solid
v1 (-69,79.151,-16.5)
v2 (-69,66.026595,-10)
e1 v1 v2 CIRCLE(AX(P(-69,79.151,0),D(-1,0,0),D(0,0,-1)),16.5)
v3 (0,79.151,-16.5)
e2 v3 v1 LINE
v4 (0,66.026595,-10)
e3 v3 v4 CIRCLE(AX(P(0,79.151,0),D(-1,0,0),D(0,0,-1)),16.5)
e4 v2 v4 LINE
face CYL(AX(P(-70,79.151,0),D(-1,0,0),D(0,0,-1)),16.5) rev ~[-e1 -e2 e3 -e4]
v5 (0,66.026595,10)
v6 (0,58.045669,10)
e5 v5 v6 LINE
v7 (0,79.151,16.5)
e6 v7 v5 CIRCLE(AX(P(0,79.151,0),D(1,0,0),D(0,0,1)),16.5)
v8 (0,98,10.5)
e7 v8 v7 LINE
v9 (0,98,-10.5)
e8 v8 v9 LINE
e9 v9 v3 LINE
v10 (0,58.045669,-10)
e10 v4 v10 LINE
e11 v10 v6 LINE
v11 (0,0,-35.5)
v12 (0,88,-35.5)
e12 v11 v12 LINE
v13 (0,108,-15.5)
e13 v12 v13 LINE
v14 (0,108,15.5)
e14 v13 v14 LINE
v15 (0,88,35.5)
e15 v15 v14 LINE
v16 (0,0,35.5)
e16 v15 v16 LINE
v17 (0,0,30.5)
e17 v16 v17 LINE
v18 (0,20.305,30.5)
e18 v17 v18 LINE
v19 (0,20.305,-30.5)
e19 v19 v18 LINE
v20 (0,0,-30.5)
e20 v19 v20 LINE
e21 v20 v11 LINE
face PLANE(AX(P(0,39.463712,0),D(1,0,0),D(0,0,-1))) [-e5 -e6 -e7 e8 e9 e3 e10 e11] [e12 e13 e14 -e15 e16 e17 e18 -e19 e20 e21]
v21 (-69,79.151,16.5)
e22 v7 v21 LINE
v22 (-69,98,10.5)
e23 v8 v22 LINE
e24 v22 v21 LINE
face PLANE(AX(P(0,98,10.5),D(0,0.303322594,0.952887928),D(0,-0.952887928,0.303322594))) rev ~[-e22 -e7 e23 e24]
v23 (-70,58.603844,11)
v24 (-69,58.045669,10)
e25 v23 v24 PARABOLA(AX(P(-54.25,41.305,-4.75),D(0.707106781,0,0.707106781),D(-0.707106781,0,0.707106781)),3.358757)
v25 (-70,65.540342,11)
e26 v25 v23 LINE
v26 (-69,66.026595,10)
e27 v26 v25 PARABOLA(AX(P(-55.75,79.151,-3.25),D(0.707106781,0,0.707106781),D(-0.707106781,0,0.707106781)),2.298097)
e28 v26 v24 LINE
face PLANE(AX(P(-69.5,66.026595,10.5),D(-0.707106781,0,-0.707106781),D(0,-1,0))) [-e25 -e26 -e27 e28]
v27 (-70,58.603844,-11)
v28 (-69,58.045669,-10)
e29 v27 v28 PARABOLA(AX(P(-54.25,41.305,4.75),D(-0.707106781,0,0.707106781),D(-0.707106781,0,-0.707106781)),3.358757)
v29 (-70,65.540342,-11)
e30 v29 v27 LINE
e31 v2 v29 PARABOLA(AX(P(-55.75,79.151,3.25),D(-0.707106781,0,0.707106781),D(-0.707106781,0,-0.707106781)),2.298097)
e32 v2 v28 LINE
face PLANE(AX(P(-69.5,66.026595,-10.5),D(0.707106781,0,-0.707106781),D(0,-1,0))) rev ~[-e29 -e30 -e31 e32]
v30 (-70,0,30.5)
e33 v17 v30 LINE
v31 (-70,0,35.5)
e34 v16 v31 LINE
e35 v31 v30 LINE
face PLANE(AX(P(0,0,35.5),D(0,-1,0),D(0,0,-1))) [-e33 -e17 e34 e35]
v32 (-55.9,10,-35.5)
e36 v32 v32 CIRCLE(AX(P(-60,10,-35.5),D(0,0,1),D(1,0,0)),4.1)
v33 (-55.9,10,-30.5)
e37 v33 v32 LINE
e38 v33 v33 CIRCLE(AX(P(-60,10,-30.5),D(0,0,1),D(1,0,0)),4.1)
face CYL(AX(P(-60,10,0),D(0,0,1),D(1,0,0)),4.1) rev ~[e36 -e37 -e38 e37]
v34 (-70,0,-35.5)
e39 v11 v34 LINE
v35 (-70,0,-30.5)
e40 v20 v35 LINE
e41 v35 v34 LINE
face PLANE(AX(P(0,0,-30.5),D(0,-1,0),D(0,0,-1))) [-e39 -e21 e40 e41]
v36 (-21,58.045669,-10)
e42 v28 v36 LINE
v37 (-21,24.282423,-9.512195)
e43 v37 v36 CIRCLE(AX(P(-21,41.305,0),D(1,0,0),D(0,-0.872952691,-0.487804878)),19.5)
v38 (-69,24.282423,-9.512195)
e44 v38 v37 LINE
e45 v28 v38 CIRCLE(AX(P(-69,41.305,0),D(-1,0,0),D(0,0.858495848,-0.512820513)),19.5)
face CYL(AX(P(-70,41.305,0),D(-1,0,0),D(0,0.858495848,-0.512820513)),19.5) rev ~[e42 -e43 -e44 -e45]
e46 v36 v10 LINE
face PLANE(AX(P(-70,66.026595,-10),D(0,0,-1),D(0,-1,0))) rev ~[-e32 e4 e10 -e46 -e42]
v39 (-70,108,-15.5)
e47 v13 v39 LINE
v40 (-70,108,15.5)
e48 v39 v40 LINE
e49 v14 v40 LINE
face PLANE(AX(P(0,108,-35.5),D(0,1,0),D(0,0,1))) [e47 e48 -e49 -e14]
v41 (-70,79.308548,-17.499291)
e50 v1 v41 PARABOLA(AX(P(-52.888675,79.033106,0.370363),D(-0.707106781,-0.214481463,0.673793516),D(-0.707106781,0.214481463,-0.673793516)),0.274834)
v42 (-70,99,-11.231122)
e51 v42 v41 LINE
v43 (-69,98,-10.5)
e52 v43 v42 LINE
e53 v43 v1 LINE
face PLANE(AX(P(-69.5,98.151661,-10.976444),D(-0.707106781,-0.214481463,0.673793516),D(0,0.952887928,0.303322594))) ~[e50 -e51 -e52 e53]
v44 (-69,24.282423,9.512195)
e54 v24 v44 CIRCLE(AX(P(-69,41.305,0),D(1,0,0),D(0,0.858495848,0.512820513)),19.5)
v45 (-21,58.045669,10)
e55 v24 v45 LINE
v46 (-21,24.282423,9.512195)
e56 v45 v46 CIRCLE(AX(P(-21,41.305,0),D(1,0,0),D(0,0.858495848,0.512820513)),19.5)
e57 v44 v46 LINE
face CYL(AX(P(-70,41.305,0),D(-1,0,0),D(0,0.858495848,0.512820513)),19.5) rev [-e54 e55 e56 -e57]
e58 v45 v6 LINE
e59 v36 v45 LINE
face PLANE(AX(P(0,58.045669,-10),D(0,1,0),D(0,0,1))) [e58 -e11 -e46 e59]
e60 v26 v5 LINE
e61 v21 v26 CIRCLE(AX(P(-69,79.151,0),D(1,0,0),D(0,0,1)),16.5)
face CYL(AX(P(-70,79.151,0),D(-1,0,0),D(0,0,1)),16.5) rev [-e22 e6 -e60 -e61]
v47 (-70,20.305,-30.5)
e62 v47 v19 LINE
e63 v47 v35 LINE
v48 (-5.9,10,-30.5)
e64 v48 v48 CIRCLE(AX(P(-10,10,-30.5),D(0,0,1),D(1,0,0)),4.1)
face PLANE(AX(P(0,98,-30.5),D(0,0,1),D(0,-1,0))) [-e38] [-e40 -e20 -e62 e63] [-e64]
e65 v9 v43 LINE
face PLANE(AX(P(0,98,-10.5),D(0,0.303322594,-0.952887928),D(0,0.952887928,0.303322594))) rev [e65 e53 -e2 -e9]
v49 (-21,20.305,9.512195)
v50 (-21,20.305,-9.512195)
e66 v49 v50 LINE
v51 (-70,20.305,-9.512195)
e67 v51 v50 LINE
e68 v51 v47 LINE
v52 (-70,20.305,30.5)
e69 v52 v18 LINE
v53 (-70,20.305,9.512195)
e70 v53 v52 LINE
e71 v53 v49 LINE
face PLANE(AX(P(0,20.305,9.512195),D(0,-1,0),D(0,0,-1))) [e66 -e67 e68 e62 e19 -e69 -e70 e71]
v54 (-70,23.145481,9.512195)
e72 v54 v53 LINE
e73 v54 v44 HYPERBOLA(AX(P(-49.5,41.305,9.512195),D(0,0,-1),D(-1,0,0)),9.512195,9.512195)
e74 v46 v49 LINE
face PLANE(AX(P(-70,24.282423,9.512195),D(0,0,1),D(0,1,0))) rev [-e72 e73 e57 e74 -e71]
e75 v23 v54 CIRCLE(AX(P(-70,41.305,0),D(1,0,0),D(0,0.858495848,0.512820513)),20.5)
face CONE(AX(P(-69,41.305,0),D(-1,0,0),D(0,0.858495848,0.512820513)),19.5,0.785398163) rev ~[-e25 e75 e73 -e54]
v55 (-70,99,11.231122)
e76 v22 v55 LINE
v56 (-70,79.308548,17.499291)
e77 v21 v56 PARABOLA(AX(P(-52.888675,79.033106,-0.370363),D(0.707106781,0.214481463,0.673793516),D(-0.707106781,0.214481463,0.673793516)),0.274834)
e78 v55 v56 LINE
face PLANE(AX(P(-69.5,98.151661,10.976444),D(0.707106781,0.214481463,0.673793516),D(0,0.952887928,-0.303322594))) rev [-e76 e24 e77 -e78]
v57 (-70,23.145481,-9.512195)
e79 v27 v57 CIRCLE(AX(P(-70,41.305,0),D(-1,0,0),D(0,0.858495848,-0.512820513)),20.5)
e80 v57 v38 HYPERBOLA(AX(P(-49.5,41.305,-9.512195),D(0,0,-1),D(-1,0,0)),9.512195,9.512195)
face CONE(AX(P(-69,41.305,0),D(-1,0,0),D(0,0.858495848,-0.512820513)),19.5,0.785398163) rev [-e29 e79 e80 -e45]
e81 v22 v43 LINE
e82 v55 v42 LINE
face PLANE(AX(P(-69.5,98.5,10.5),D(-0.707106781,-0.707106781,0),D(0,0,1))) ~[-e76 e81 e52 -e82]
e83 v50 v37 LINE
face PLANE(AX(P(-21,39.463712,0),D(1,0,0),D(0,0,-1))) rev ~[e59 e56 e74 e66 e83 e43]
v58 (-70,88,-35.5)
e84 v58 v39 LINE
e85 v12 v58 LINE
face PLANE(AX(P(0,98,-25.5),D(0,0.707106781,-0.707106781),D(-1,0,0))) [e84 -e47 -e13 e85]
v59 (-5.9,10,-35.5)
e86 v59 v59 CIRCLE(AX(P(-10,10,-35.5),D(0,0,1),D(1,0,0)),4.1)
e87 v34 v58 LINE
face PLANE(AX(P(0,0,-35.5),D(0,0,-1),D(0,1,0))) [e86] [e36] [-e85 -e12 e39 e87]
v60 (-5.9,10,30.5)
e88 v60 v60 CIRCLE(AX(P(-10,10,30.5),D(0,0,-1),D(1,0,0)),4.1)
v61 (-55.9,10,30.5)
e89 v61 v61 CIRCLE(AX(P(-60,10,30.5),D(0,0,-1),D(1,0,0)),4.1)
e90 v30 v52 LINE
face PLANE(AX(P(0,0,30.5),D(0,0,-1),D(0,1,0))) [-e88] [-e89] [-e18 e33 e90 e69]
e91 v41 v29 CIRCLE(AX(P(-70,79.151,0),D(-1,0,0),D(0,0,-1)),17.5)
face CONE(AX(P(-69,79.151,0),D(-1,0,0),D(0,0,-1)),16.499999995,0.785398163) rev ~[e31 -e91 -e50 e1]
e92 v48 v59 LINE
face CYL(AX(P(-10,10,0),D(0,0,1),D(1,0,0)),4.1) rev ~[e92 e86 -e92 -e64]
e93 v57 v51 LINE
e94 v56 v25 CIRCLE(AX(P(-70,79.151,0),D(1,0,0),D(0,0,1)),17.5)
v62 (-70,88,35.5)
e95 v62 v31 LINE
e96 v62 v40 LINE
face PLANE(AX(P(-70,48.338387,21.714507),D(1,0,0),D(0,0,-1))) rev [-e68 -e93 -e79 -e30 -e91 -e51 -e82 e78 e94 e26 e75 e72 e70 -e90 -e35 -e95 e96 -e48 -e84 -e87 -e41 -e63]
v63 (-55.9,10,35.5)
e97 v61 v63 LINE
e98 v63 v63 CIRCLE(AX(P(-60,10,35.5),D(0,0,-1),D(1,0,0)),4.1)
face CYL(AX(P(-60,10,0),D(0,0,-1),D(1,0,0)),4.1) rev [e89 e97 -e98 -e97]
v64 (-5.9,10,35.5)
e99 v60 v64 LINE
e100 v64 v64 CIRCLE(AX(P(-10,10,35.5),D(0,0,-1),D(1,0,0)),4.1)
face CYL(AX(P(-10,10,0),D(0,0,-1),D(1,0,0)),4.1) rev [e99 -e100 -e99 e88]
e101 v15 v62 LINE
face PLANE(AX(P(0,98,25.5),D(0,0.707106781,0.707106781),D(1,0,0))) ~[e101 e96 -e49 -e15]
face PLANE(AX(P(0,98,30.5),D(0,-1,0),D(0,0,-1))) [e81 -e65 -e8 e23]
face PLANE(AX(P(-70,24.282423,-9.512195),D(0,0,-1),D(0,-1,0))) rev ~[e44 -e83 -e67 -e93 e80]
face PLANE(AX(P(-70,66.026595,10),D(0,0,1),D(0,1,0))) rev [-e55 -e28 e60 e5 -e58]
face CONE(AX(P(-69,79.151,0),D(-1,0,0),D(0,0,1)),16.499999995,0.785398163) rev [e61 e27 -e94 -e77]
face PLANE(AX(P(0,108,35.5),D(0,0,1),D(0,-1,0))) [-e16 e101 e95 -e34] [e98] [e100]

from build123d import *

# Parameters (mm, degrees)
BOSS_EXTRUDE1_DEPTH     = 70
SKETCH3_R               = 4.1
CUT_EXTRUDE2_DEPTH      = 36.5
CUT_EXTRUDE2_DEPTH_BACK = 36.5
BOSS_EXTRUDE2_DEPTH     = 70
BOSS_EXTRUDE5_DEPTH     = 70
BOSS_EXTRUDE6_DEPTH     = 21
CHAMFER1_SIZE           = 20
CHAMFER4_SIZE           = 1


with BuildPart() as part:
    # Sketch1 → Boss-Extrude1 (new body)
    with BuildSketch(Plane(origin=(0, 0, 0), x_dir=(0, 0, -1), z_dir=(1, 0, 0))):
        Polygon((-30.5, 0), (-30.5, 20), (-30.5, 98), (30.5, 98), (30.5, 0), (35.5, 0), (35.5, 108), (-35.5, 108), (-35.5, 0), align=None)
    extrude(amount=-BOSS_EXTRUDE1_DEPTH)

    # Sketch3 → Cut-Extrude2 (cut, two sides)
    with BuildSketch(Plane.XY) as cut_extrude2_sk:
        with Locations((-60, 10)):
            Circle(SKETCH3_R)
        with Locations((-10, 10)):
            Circle(SKETCH3_R)
    extrude(amount=CUT_EXTRUDE2_DEPTH, mode=Mode.SUBTRACT)
    extrude(cut_extrude2_sk.sketch, amount=-CUT_EXTRUDE2_DEPTH_BACK, mode=Mode.SUBTRACT)

    # Sketch4 → Boss-Extrude2 (add)
    with BuildSketch(Plane(origin=(0, 0, 0), x_dir=(0, 0, -1), z_dir=(1, 0, 0))):
        Polygon((-30.5, 98), (-10.5, 98), (-16.5, 79.151), (-30.5, 79.151), align=None)
    boss_extrude2 = extrude(amount=-BOSS_EXTRUDE2_DEPTH)

    # Mirror2: Boss-Extrude2 across plane
    add(boss_extrude2.mirror(Plane.XY))

    # Sketch5 → Boss-Extrude5 (add)
    with BuildSketch(Plane.ZY.offset(70)):
        with BuildLine():
            Line((-30.5, 62.151), (-30.5, 79.151))
            Line((-30.5, 79.151), (-16.5, 79.151))
            ThreePointArc((-16.5, 79.151), (-14.785973083, 71.828090742), (-10, 66.026595252))
            Line((-10, 66.026595252), (-10, 62.151))
            Line((-10, 62.151), (-10, 58.045669043))
            ThreePointArc((-10, 58.045669043), (-19.497965112, 41.023297158), (-9.512195122, 24.282422523))
            Line((-9.512195122, 24.282422523), (-9.512195122, 20.305))
            Line((-9.512195122, 20.305), (-30.5, 20.305))
            Line((-30.5, 20.305), (-30.5, 41.305))
            Line((-30.5, 41.305), (-30.5, 62.151))
        make_face()
    boss_extrude5 = extrude(amount=-BOSS_EXTRUDE5_DEPTH)

    # Mirror3: Boss-Extrude5 across plane
    add(boss_extrude5.mirror(Plane.XY))

    # Sketch6 → Boss-Extrude6 (add)
    with BuildSketch(Plane(origin=(0, 0, 0), x_dir=(0, 0, -1), z_dir=(1, 0, 0))):
        with BuildLine():
            Line((-9.512195122, 20.305), (9.512195122, 20.305))
            Line((9.512195122, 20.305), (9.512195122, 24.282422523))
            ThreePointArc((9.512195122, 24.282422523), (19.497965112, 41.023297158), (10, 58.045669043))
            Line((10, 58.045669043), (-10, 58.045669043))
            ThreePointArc((-10, 58.045669043), (-19.497965112, 41.023297158), (-9.512195122, 24.282422523))
            Line((-9.512195122, 24.282422523), (-9.512195122, 20.305))
        make_face()
    extrude(amount=-BOSS_EXTRUDE6_DEPTH)

    # Mirror1: Boss-Extrude2 across plane
    add(boss_extrude2.mirror(Plane.XY))

    # Chamfer1
    chamfer1_edges = [part.edges().sort_by_distance(p)[0] for p in [
        (-35, 108, 35.5),
        (-35, 108, -35.5),
    ]]
    chamfer(chamfer1_edges, length=CHAMFER1_SIZE)

    # Chamfer4
    chamfer4_edges = [part.edges().sort_by_distance(p)[0] for p in [
        (-70, 41.023297158, 19.497965112),
        (-70, 62.036132147, 10),
        (-70, 71.828090742, 14.785973083),
        (-70, 98, 0),
        (-70, 88.5755, 13.5),
        (-70, 88.5755, -13.5),
        (-70, 41.023297158, -19.497965112),
        (-70, 62.036132147, -10),
        (-70, 71.828090742, -14.785973083),
    ]]
    chamfer(chamfer4_edges, length=CHAMFER4_SIZE)


solid = part.part
